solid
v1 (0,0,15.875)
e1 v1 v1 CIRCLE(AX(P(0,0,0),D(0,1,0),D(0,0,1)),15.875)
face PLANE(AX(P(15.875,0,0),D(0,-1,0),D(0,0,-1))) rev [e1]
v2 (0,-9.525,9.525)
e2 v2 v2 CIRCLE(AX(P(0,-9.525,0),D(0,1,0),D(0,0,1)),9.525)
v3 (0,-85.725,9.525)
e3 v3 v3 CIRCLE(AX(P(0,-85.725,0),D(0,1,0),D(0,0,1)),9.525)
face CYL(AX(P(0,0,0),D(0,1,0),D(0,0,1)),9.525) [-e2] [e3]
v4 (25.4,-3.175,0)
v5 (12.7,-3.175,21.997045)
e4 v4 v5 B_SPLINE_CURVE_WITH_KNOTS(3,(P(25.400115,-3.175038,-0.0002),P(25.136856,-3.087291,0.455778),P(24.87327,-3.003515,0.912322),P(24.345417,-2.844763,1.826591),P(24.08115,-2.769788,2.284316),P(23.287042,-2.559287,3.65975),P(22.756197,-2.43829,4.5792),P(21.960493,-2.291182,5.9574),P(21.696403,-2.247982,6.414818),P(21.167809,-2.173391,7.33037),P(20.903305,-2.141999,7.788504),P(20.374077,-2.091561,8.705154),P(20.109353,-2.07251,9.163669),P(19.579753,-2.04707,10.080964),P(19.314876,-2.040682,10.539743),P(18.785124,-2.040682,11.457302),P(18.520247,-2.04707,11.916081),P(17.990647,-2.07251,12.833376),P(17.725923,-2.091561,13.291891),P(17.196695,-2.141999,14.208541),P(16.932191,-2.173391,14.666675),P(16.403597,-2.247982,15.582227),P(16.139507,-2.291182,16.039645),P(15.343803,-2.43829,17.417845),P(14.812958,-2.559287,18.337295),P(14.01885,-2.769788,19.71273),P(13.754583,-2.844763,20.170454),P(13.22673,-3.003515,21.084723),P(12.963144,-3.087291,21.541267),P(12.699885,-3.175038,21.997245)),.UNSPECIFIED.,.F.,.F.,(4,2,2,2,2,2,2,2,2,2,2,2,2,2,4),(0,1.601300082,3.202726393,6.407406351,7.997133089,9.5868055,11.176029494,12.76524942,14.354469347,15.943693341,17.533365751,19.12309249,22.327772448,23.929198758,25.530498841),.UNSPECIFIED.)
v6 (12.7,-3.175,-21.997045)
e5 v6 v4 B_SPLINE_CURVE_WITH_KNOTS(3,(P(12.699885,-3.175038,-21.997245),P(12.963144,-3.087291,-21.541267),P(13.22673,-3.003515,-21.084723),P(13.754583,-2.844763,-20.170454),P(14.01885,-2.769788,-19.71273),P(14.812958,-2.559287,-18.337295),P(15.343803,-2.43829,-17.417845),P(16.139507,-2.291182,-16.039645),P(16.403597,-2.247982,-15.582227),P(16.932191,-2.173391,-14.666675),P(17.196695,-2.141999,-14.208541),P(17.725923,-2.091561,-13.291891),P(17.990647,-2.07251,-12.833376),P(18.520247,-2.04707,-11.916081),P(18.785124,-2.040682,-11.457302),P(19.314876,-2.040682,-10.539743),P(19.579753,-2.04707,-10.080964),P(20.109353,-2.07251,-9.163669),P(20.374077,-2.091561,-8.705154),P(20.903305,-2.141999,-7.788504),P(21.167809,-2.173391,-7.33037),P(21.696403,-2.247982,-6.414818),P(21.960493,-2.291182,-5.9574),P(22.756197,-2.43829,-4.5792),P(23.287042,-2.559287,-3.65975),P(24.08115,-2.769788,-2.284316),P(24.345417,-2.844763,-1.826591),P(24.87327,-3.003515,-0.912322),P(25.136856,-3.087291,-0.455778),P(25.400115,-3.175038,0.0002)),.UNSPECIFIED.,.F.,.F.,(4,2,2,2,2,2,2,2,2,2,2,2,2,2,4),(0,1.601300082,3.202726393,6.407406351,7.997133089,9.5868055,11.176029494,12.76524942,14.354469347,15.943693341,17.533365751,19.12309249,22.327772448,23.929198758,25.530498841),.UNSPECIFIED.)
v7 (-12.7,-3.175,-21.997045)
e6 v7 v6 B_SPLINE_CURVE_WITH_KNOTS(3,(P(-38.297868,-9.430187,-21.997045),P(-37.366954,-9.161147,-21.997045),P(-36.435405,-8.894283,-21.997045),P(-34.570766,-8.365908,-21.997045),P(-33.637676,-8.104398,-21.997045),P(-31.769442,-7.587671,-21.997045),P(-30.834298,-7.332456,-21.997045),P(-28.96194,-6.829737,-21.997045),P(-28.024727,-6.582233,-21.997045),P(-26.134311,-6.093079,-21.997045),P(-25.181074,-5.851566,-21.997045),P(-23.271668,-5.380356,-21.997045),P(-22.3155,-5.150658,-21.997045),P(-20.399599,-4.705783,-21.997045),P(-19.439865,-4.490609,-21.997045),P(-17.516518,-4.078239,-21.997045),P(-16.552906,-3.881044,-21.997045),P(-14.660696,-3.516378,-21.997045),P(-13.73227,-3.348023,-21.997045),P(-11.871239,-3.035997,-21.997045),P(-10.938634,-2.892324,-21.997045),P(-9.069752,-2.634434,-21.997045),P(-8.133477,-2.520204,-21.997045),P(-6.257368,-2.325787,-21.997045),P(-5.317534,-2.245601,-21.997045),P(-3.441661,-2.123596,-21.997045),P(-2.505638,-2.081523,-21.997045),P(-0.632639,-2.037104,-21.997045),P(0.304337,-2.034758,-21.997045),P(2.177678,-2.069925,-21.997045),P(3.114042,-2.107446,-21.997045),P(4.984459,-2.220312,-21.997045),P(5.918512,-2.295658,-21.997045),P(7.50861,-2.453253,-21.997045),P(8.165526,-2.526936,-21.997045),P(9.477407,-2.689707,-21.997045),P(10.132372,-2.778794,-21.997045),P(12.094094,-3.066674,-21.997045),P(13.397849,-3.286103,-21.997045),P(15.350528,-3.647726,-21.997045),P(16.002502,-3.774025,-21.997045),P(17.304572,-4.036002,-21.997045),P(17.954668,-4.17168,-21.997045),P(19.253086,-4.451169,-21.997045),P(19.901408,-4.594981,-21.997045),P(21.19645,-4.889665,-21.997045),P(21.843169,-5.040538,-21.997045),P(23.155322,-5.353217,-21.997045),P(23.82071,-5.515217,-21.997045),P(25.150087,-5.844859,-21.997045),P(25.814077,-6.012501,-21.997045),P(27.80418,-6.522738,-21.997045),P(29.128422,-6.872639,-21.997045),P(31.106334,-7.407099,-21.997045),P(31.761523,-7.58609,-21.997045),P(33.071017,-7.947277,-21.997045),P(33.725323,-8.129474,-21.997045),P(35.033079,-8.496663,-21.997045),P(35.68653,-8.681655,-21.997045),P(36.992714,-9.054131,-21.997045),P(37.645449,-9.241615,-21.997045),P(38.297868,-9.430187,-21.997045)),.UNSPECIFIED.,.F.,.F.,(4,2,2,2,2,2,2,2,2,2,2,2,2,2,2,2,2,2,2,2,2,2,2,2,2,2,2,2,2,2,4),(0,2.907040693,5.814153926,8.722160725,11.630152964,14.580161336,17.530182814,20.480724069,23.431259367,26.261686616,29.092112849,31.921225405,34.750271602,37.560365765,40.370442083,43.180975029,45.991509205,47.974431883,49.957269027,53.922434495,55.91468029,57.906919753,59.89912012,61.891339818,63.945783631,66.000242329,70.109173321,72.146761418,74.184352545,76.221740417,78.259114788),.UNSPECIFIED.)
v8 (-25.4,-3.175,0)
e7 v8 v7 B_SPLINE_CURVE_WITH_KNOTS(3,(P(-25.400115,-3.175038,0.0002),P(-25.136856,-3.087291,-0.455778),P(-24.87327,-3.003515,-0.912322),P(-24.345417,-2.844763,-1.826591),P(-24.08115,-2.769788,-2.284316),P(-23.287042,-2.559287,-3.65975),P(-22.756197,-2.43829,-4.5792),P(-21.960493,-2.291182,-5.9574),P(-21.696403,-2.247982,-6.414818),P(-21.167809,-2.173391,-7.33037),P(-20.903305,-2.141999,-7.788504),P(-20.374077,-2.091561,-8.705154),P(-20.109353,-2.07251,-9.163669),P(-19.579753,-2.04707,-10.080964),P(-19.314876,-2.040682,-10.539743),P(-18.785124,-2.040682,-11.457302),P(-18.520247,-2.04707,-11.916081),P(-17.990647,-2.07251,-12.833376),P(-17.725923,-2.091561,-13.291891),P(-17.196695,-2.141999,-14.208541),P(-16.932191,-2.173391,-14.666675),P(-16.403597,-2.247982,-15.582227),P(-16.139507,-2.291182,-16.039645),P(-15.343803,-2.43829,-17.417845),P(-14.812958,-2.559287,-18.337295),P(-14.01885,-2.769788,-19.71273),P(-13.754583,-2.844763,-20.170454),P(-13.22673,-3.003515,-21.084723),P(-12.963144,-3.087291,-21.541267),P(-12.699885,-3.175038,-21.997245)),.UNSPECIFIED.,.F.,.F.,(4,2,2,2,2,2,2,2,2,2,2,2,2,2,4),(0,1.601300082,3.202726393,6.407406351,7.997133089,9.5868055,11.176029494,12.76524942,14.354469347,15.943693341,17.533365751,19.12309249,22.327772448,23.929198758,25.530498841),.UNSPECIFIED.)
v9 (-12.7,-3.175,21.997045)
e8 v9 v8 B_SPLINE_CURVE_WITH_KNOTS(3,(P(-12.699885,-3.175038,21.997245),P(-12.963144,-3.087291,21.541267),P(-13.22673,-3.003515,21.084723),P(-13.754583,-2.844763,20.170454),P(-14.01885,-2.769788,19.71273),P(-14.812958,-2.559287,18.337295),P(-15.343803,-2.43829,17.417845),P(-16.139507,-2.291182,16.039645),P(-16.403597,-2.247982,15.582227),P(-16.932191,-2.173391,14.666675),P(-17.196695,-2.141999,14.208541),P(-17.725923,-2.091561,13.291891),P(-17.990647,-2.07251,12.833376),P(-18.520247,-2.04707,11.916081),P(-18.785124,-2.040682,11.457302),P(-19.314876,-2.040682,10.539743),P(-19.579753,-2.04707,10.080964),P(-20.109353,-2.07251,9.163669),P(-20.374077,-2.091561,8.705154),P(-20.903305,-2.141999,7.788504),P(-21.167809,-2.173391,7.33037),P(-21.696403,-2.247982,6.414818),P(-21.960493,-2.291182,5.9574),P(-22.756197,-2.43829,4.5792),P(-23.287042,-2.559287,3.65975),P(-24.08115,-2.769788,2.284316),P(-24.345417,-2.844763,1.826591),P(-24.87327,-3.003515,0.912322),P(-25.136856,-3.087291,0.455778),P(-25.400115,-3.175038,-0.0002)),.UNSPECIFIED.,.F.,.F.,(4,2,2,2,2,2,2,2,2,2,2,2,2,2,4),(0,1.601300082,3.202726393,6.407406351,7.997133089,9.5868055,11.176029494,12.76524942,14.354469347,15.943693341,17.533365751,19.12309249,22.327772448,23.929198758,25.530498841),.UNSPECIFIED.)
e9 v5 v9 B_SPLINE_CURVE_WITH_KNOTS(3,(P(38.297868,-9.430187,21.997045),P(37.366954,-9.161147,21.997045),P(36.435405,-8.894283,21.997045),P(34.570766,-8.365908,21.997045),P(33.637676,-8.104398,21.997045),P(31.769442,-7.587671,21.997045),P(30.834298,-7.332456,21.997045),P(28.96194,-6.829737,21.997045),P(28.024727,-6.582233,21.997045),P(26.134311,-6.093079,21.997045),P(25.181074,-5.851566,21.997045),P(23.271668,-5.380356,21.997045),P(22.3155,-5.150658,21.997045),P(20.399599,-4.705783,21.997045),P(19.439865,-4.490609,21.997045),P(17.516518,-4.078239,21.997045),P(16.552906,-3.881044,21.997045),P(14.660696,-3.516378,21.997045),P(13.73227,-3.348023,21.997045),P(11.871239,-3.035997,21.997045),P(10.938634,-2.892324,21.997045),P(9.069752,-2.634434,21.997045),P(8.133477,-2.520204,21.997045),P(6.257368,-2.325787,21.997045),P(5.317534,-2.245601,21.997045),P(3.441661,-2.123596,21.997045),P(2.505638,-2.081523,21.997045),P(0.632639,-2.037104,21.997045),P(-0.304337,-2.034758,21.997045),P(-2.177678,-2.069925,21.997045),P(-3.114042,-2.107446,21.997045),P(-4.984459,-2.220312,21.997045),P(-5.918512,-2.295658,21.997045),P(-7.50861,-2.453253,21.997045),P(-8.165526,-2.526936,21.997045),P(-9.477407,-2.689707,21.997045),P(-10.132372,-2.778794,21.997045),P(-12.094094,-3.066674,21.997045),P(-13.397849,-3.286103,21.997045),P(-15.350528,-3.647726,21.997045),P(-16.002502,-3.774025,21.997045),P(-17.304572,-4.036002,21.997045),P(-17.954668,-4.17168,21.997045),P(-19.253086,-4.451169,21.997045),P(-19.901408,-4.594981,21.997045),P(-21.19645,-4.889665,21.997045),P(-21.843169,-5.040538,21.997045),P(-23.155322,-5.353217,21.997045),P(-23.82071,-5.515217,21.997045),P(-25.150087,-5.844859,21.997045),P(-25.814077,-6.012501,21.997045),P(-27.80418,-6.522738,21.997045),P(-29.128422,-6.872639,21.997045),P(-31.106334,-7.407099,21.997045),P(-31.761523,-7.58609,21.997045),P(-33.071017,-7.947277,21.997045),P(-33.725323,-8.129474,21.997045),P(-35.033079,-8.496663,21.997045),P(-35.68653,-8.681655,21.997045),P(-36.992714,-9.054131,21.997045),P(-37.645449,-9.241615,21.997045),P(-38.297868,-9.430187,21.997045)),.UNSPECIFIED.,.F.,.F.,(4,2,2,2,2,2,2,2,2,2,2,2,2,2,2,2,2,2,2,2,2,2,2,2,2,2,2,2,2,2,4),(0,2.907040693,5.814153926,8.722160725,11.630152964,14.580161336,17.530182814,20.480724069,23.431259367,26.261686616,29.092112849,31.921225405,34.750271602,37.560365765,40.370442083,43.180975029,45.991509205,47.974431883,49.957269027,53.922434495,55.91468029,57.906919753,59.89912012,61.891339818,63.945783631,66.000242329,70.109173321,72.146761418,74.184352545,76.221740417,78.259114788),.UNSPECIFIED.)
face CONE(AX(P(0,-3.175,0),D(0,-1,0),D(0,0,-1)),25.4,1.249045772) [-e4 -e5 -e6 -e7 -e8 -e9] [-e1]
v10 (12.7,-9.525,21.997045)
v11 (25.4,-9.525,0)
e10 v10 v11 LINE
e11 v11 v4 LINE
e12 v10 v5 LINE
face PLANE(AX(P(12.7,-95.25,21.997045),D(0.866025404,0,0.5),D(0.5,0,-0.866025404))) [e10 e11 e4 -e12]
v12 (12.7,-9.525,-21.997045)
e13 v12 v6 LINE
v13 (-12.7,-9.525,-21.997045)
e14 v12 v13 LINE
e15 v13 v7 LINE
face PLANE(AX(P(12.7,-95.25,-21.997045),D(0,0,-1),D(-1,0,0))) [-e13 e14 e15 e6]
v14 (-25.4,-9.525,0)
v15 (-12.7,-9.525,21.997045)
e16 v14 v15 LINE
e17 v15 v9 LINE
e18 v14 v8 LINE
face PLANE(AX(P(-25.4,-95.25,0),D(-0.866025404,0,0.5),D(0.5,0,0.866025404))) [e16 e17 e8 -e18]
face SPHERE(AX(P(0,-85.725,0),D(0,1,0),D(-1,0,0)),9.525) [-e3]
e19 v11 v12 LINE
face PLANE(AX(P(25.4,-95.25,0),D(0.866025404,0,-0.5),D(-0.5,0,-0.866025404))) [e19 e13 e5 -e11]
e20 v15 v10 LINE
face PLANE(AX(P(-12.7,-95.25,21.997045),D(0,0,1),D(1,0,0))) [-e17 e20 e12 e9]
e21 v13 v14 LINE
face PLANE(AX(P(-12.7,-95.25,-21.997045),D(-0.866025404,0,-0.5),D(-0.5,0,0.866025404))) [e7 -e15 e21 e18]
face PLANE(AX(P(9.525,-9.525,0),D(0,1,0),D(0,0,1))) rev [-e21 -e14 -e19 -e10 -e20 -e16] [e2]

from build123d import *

# Parameters (mm, degrees)
SKETCH2_OUTSIDE_W = 76.662
SKETCH2_OUTSIDE_H = 76.662
HEX_CUT_DEPTH     = 102.798244091


with BuildPart() as part:
    # Sketch1 → Pin Base (revolve)
    with BuildSketch(Plane.XY, mode=Mode.PRIVATE) as pin_base_sk:
        with BuildLine():
            Line((0, 0), (0, -95.25))
            ThreePointArc((0, -95.25), (6.735192091, -92.460192091), (9.525, -85.725))
            Line((9.525, -85.725), (9.525, -9.525))
            Line((9.525, -9.525), (25.4, -9.525))
            Line((25.4, -9.525), (25.4, -3.175))
            Line((25.4, -3.175), (15.875, 0))
            Line((15.875, 0), (0, 0))
        make_face()
    revolve(pin_base_sk.sketch.rotate(Axis((0, 0, 0), (0, -1, 0)), 90), axis=Axis((0, 0, 0), (0, -1, 0)))

    # Sketch2 outside → Hex Cut (cut, through all)
    with BuildSketch(Plane(origin=(0, 0, 0), x_dir=(1, 0, 0), z_dir=(0, 1, 0))):
        Rectangle(SKETCH2_OUTSIDE_W, SKETCH2_OUTSIDE_H)
        Polygon((25.4, 0), (12.7, 21.997045256), (-12.7, 21.997045256), (-25.4, 0), (-12.7, -21.997045256), (12.7, -21.997045256), align=None, mode=Mode.SUBTRACT)
    extrude(amount=-HEX_CUT_DEPTH, mode=Mode.SUBTRACT)


solid = part.part
